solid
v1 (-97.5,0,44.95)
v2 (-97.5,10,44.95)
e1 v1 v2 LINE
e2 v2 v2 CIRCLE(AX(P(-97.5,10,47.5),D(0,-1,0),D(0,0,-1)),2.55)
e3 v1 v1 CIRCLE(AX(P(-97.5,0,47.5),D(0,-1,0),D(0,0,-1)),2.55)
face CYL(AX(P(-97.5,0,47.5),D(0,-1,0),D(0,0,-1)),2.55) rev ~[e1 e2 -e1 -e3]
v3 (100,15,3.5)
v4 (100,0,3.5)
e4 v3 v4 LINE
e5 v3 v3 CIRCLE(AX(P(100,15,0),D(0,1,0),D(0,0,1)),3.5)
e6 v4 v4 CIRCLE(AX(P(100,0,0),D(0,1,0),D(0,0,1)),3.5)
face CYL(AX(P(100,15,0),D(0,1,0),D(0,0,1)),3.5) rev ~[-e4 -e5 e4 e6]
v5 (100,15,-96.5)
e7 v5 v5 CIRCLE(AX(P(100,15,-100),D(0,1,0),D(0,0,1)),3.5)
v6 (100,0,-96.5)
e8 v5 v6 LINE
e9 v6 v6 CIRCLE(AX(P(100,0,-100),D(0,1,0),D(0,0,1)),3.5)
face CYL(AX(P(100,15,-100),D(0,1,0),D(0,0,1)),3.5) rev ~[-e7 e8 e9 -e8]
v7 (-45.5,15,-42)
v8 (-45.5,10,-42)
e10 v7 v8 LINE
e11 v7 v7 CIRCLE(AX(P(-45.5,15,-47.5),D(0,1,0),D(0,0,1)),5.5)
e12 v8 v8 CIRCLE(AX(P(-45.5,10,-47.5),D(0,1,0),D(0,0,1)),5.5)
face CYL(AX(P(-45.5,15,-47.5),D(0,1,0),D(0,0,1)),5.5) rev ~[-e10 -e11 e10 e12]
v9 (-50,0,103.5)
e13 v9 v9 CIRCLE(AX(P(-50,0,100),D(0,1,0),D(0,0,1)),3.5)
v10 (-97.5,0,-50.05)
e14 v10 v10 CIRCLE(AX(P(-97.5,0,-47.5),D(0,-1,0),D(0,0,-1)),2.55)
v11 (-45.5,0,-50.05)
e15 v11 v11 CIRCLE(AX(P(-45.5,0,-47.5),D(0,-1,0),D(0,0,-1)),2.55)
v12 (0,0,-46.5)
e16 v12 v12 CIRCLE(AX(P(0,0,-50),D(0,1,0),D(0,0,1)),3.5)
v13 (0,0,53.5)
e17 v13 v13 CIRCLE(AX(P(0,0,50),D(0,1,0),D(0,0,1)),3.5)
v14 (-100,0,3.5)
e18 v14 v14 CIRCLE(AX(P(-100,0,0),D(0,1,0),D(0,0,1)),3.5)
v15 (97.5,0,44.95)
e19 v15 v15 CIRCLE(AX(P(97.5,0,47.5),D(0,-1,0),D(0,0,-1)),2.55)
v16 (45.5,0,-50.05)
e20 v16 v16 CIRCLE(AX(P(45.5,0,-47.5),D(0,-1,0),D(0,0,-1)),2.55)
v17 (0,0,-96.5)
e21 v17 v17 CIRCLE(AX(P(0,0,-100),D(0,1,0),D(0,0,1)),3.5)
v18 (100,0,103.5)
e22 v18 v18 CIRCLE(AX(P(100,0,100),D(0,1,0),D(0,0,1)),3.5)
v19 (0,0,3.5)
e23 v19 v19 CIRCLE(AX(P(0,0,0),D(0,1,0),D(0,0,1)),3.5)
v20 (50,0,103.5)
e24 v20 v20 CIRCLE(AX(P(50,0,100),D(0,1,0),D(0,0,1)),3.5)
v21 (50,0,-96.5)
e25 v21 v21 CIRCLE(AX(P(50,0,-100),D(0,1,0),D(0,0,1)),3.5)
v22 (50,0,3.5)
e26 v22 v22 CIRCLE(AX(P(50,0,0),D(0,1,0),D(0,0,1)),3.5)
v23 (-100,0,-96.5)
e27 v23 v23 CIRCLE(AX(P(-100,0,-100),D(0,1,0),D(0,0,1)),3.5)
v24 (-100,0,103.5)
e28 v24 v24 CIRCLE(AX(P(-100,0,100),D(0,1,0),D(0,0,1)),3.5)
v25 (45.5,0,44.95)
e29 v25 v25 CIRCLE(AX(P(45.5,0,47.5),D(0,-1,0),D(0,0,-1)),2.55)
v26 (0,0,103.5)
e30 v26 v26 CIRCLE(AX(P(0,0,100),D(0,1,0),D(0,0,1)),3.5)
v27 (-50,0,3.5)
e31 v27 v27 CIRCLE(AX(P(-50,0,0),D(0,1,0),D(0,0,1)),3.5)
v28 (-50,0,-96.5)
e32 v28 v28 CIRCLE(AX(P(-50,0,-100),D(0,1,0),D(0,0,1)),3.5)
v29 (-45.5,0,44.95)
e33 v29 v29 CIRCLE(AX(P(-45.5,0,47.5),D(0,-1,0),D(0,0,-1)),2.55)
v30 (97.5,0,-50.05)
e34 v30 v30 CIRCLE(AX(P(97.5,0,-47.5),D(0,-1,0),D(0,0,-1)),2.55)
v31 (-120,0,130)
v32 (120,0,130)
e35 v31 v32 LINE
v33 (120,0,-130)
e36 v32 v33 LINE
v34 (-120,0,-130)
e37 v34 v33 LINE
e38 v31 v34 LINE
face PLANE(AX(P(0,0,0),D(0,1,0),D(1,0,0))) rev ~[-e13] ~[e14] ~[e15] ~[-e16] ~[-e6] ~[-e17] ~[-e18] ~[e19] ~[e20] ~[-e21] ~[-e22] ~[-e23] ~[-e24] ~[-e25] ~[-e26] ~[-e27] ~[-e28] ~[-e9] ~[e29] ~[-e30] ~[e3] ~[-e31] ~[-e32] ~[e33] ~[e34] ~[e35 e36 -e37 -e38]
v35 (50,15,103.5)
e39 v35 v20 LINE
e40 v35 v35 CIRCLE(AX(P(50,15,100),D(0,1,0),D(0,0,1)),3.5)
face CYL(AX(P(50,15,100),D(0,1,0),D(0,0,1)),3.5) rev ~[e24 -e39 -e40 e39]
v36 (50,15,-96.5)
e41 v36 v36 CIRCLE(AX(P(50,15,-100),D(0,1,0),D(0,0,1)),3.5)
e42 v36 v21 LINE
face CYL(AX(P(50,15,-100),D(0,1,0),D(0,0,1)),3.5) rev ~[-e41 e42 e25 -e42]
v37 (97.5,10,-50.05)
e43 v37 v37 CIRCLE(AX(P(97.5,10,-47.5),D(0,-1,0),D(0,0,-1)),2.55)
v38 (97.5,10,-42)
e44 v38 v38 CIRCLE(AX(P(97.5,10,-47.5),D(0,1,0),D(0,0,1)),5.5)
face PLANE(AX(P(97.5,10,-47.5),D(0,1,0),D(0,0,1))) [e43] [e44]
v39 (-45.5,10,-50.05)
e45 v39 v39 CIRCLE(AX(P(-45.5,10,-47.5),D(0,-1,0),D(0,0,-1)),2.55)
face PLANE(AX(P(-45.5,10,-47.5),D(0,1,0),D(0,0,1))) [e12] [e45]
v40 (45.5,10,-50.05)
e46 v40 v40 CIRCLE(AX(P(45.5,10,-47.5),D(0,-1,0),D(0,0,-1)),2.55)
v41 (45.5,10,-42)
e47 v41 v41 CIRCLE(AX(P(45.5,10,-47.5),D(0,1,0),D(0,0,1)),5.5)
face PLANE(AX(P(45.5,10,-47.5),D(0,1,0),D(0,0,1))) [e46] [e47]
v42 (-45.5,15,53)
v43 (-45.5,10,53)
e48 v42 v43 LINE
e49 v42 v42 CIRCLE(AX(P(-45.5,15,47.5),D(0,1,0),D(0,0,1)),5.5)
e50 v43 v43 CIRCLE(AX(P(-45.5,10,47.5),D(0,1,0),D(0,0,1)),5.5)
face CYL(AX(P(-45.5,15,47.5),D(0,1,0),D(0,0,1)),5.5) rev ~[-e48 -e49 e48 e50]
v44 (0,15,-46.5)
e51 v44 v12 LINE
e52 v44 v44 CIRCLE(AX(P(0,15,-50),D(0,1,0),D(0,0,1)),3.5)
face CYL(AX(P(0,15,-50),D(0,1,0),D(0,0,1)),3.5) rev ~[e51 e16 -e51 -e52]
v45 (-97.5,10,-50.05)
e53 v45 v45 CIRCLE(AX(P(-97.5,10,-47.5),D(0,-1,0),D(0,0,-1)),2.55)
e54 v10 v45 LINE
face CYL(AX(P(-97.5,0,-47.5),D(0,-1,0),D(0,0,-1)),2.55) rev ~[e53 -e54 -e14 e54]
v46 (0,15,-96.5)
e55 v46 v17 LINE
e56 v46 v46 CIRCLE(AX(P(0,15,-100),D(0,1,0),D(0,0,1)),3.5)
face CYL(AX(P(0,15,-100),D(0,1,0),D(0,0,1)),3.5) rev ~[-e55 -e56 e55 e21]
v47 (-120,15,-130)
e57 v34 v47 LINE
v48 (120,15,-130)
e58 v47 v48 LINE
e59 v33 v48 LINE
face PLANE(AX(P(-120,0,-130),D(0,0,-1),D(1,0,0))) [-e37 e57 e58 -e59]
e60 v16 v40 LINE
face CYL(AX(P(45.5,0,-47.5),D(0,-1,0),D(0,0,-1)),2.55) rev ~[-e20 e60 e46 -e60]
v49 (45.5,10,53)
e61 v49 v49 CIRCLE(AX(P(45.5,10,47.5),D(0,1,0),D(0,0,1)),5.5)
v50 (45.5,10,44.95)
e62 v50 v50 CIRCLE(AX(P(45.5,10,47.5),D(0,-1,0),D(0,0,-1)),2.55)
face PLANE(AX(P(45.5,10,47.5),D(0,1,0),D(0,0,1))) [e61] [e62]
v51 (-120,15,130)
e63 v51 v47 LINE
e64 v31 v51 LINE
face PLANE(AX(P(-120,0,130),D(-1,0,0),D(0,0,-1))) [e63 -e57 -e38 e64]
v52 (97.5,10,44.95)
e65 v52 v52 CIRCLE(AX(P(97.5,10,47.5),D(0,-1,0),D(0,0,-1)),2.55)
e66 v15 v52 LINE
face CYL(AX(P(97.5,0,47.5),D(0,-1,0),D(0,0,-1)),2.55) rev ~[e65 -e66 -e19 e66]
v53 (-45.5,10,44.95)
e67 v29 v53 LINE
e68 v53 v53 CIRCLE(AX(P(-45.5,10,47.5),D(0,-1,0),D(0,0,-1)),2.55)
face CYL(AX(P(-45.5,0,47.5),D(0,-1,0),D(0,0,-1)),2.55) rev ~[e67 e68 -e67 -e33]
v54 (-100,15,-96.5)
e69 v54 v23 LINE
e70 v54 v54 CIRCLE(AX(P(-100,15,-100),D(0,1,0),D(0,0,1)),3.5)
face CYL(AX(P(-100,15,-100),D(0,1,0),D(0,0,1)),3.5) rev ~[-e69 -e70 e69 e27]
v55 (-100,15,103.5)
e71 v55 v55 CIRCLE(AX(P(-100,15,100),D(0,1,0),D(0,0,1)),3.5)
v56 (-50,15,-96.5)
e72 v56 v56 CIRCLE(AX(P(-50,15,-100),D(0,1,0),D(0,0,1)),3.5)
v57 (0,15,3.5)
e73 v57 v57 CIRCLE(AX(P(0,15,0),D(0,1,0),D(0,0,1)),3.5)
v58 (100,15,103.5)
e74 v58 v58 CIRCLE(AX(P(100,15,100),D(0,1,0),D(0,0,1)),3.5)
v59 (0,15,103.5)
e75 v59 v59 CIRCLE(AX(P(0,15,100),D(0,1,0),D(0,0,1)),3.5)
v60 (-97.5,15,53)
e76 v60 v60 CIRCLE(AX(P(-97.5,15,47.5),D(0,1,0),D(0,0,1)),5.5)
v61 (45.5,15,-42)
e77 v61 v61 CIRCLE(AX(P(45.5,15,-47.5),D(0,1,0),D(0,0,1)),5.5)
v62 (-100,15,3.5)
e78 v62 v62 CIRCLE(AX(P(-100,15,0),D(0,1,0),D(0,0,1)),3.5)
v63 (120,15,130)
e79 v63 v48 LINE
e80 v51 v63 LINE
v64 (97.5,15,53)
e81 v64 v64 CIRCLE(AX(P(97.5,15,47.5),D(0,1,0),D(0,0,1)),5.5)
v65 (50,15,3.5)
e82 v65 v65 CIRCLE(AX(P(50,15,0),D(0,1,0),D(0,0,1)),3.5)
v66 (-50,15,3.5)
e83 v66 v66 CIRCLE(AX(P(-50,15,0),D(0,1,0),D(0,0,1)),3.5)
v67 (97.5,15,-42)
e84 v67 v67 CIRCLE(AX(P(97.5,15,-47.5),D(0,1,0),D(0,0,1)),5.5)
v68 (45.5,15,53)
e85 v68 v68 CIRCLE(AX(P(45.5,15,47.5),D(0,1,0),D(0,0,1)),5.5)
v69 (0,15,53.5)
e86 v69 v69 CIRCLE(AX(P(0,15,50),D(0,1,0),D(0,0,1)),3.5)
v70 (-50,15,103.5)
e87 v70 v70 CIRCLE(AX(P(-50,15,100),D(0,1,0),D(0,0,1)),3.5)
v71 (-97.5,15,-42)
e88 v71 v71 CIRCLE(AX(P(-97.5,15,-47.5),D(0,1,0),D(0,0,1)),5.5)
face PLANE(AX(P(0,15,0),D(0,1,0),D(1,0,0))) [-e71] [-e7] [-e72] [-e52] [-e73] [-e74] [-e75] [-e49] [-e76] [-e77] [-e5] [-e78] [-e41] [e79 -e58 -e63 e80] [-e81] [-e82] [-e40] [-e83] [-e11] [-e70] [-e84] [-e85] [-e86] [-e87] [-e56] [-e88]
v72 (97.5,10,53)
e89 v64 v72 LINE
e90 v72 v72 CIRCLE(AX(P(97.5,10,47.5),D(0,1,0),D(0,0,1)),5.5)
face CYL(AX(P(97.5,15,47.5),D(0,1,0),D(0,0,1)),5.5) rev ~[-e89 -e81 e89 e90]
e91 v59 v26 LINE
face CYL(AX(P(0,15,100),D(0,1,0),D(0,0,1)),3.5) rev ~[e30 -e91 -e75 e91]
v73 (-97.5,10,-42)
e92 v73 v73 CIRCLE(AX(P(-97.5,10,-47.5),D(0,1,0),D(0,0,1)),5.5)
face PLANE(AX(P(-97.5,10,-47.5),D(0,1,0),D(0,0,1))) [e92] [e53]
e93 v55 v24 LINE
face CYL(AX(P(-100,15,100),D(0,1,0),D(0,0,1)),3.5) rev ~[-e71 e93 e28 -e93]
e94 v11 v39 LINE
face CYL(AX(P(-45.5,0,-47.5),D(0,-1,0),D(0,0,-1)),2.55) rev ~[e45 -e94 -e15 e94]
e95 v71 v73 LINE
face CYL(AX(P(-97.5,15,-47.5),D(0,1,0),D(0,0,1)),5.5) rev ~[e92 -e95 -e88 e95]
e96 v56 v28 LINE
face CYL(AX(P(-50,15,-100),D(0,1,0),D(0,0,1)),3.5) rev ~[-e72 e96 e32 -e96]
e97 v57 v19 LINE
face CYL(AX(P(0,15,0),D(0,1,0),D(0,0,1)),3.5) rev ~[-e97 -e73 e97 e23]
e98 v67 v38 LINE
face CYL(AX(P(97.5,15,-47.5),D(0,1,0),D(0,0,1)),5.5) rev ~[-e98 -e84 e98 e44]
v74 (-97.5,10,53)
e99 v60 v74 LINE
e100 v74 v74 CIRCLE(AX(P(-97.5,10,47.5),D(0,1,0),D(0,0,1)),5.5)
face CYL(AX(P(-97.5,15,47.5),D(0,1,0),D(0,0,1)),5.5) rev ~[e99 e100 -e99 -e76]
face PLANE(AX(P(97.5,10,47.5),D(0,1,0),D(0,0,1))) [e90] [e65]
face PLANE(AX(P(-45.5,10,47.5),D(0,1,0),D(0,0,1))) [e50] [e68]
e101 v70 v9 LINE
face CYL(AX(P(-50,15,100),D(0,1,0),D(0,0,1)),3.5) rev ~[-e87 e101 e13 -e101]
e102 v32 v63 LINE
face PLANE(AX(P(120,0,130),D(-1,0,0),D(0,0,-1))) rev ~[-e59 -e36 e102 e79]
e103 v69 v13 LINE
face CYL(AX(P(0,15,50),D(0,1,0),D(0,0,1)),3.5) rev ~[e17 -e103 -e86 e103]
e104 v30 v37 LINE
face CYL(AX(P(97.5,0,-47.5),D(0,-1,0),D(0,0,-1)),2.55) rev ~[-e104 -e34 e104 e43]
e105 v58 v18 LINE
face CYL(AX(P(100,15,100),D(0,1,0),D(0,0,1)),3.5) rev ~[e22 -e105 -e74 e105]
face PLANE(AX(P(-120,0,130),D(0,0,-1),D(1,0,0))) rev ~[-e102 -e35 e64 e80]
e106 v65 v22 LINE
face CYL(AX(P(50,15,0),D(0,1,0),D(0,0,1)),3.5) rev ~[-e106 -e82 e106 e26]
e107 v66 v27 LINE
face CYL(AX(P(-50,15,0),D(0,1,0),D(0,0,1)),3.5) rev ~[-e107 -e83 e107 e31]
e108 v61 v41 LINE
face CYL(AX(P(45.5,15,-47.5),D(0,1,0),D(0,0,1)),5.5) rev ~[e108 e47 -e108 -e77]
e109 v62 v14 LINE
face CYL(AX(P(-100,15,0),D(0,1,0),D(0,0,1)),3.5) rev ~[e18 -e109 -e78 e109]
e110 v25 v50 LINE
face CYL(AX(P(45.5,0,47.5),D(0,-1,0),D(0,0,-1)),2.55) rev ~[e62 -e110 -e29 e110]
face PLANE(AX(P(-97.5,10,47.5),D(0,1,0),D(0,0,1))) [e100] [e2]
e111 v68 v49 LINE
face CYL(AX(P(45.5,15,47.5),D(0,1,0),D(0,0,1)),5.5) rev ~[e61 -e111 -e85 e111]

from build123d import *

# Parameters (mm, degrees)
CROQUIS1_W              = 240
CROQUIS1_H              = 260
SALIENTE_EXTRUIR1_DEPTH = 15
CROQUIS6_R              = 2.55
CORTAR_EXTRUIR3_DEPTH   = 178.552809046
CROQUIS7_R              = 5.5
CORTAR_EXTRUIR4_DEPTH   = 5
CROQUIS8_R              = 3.5
CORTAR_EXTRUIR5_DEPTH   = 178.552809046


with BuildPart() as part:
    # Croquis1 → Saliente-Extruir1 (new body)
    with BuildSketch(Plane(origin=(0, 0, 0), x_dir=(1, 0, 0), z_dir=(0, 1, 0))):
        Rectangle(CROQUIS1_W, CROQUIS1_H)
    extrude(amount=SALIENTE_EXTRUIR1_DEPTH)

    # Croquis6 → Cortar-Extruir3 (cut, through all)
    with BuildSketch(Plane.XZ):
        with Locations(Location((-45.5, -47.5, 0), (0, 0, 270))):
            Circle(CROQUIS6_R)
        with Locations(Location((-97.5, -47.5, 0), (0, 0, 270))):
            Circle(CROQUIS6_R)
        with Locations(Location((-97.5, 47.5, 0), (0, 0, 270))):
            Circle(CROQUIS6_R)
        with Locations(Location((-45.5, 47.5, 0), (0, 0, 270))):
            Circle(CROQUIS6_R)
        with Locations(Location((45.5, 47.5, 0), (0, 0, 270))):
            Circle(CROQUIS6_R)
        with Locations(Location((97.5, 47.5, 0), (0, 0, 270))):
            Circle(CROQUIS6_R)
        with Locations(Location((45.5, -47.5, 0), (0, 0, 270))):
            Circle(CROQUIS6_R)
        with Locations(Location((97.5, -47.5, 0), (0, 0, 270))):
            Circle(CROQUIS6_R)
    extrude(amount=-CORTAR_EXTRUIR3_DEPTH, mode=Mode.SUBTRACT)

    # Croquis7 → Cortar-Extruir4 (cut)
    with BuildSketch(Plane(origin=(0, 15, 0), x_dir=(1, 0, 0), z_dir=(0, 1, 0))):
        with Locations(Location((-97.5, 47.5, 0), (0, 0, 270))):
            Circle(CROQUIS7_R)
        with Locations(Location((-45.5, 47.5, 0), (0, 0, 270))):
            Circle(CROQUIS7_R)
        with Locations(Location((-97.5, -47.5, 0), (0, 0, 270))):
            Circle(CROQUIS7_R)
        with Locations(Location((-45.5, -47.5, 0), (0, 0, 270))):
            Circle(CROQUIS7_R)
        with Locations(Location((45.5, -47.5, 0), (0, 0, 270))):
            Circle(CROQUIS7_R)
        with Locations(Location((97.5, -47.5, 0), (0, 0, 270))):
            Circle(CROQUIS7_R)
        with Locations(Location((97.5, 47.5, 0), (0, 0, 270))):
            Circle(CROQUIS7_R)
        with Locations(Location((45.5, 47.5, 0), (0, 0, 270))):
            Circle(CROQUIS7_R)
    extrude(amount=-CORTAR_EXTRUIR4_DEPTH, mode=Mode.SUBTRACT)

    # Croquis8 → Cortar-Extruir5 (cut, through all)
    with BuildSketch(Plane(origin=(0, 15, 0), x_dir=(1, 0, 0), z_dir=(0, 1, 0))):
        with Locations(Location((-100, 100, 0), (0, 0, 270))):
            Circle(CROQUIS8_R)
        with Locations(Location((-50, 100, 0), (0, 0, 270))):
            Circle(CROQUIS8_R)
        with Locations(Location((0, 100, 0), (0, 0, 270))):
            Circle(CROQUIS8_R)
        with Locations(Location((50, 100, 0), (0, 0, 270))):
            Circle(CROQUIS8_R)
        with Locations(Location((100, 100, 0), (0, 0, 270))):
            Circle(CROQUIS8_R)
        with Locations(Location((0, 50, 0), (0, 0, 270))):
            Circle(CROQUIS8_R)
        with Locations(Location((-50, 0, 0), (0, 0, 270))):
            Circle(CROQUIS8_R)
        with Locations(Location((0, 0, 0), (0, 0, 270))):
            Circle(CROQUIS8_R)
        with Locations(Location((50, 0, 0), (0, 0, 270))):
            Circle(CROQUIS8_R)
        with Locations(Location((100, 0, 0), (0, 0, 270))):
            Circle(CROQUIS8_R)
        with Locations(Location((0, -50, 0), (0, 0, 270))):
            Circle(CROQUIS8_R)
        with Locations(Location((-50, -100, 0), (0, 0, 270))):
            Circle(CROQUIS8_R)
        with Locations(Location((0, -100, 0), (0, 0, 270))):
            Circle(CROQUIS8_R)
        with Locations(Location((50, -100, 0), (0, 0, 270))):
            Circle(CROQUIS8_R)
        with Locations(Location((100, -100, 0), (0, 0, 270))):
            Circle(CROQUIS8_R)
        with Locations(Location((-100, 0, 0), (0, 0, 270))):
            Circle(CROQUIS8_R)
        with Locations(Location((-100, -100, 0), (0, 0, 270))):
            Circle(CROQUIS8_R)
    extrude(amount=-CORTAR_EXTRUIR5_DEPTH, mode=Mode.SUBTRACT)


solid = part.part
